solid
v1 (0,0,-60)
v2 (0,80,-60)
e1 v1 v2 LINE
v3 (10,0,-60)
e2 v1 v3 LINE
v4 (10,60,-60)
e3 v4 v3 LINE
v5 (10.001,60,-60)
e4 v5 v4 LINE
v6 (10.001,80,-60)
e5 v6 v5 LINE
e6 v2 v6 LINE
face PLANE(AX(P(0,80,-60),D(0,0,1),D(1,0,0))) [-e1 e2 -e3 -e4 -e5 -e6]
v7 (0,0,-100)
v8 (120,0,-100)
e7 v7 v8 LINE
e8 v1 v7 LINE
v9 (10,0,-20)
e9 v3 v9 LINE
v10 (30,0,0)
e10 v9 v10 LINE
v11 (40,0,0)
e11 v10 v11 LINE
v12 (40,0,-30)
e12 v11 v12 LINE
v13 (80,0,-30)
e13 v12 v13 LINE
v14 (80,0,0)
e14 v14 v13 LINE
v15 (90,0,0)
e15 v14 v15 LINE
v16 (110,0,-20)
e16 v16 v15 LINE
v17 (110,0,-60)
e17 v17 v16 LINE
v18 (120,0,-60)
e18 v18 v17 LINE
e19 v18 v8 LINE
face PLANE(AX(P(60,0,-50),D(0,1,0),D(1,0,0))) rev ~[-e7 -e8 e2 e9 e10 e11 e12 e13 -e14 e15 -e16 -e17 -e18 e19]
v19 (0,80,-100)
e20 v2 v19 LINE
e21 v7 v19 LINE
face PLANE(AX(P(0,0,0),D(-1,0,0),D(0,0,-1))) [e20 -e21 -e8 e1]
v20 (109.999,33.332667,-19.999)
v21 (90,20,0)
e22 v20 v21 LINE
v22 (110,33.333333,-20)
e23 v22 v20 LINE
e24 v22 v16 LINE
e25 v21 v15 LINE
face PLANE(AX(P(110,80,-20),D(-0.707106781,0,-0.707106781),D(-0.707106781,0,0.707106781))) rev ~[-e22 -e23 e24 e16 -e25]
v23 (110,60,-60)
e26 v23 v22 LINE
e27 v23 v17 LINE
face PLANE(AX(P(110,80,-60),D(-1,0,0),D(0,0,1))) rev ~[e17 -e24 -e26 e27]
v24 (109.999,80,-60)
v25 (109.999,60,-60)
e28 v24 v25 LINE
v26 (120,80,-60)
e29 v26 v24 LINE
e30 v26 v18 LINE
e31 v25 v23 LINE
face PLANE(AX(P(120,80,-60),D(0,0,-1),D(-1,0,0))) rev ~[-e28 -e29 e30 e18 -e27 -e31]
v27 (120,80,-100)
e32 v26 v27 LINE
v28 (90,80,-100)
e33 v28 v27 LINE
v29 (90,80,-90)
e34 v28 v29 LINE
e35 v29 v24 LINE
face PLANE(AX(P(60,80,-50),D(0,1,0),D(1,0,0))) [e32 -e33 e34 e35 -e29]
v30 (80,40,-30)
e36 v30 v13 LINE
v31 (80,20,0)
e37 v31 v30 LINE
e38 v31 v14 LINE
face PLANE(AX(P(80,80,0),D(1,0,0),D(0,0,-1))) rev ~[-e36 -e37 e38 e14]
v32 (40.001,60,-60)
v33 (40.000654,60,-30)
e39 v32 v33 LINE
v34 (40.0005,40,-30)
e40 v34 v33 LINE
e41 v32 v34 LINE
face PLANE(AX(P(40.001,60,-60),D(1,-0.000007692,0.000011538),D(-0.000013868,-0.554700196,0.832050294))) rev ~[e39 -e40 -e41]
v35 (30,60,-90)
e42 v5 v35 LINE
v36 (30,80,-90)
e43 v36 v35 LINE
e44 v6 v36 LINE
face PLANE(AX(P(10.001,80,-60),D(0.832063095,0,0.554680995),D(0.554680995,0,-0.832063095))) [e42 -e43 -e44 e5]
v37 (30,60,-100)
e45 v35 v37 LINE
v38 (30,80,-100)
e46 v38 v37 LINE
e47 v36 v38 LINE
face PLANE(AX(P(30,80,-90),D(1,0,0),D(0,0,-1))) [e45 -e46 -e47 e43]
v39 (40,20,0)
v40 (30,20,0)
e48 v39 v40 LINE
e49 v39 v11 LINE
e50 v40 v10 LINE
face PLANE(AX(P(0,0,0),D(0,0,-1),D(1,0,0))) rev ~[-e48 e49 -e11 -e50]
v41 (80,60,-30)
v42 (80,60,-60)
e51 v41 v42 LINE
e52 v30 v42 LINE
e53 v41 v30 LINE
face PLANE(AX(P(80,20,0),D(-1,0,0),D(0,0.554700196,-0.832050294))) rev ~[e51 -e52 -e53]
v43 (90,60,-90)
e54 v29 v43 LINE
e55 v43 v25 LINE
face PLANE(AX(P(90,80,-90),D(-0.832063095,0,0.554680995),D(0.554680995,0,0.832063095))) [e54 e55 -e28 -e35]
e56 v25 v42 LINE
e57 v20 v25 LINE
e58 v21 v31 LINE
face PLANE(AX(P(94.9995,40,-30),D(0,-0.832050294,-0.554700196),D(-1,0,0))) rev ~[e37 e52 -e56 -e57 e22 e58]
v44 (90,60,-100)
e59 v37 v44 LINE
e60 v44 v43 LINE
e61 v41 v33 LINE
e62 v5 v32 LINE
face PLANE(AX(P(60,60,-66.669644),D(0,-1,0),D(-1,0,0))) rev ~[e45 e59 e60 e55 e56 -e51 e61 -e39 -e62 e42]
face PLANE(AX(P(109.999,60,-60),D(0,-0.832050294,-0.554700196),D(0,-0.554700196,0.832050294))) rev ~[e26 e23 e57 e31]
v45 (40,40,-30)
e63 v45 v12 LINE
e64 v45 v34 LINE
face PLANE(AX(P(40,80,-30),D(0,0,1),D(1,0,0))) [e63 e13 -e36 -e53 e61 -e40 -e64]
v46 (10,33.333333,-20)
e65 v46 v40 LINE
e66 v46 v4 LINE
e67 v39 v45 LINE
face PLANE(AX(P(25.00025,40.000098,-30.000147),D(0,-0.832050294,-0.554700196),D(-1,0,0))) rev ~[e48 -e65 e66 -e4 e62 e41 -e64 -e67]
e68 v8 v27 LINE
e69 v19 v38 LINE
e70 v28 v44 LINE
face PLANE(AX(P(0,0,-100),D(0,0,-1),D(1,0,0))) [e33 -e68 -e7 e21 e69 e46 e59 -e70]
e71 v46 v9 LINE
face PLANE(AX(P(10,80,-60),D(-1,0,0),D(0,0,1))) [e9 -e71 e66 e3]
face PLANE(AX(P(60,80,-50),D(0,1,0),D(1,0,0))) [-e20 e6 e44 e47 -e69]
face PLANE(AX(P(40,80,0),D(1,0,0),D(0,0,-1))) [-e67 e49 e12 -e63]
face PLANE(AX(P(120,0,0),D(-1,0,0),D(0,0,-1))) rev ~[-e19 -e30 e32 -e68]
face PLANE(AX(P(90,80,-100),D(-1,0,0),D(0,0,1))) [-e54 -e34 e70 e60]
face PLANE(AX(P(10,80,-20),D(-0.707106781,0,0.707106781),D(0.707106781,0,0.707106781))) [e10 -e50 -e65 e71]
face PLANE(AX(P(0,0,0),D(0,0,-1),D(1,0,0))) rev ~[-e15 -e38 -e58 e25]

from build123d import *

# Parameters (mm, degrees)
SKETCH1_W           = 120
SKETCH1_H           = 100
BOSS_EXTRUDE1_DEPTH = 80
SKETCH2_W           = 40
SKETCH2_H           = 30
CUT_EXTRUDE1_DEPTH  = 80
CUT_EXTRUDE2_DEPTH  = 80
CUT_EXTRUDE6_DEPTH  = 20
SKETCH5_W           = 29.999
SKETCH5_H           = 20
CUT_EXTRUDE7_DEPTH  = 68
SKETCH6_W           = 40.001
SKETCH6_H           = 20
CUT_EXTRUDE8_DEPTH  = 68
SKETCH7_W           = 40.001
SKETCH7_H           = 20
CUT_EXTRUDE9_DEPTH  = 68
CUT_EXTRUDE10_DEPTH = 68
SKETCH13_W          = 29.999
SKETCH13_H          = 72.111025509
CUT_EXTRUDE11_DEPTH = 68
CUT_EXTRUDE12_DEPTH = 68


with BuildPart() as part:
    # Sketch1 → Boss-Extrude1 (new body)
    with BuildSketch(Plane(origin=(0, 0, 0), x_dir=(1, 0, 0), z_dir=(0, 1, 0))):
        with Locations((60, 50)):
            Rectangle(SKETCH1_W, SKETCH1_H)
    extrude(amount=BOSS_EXTRUDE1_DEPTH)

    # Sketch2 → Cut-Extrude1 (cut)
    with BuildSketch(Plane(origin=(0, 80, 0), x_dir=(1, 0, 0), z_dir=(0, 1, 0))):
        with Locations((60, 15)):
            Rectangle(SKETCH2_W, SKETCH2_H)
    extrude(amount=-CUT_EXTRUDE1_DEPTH, mode=Mode.SUBTRACT)

    # Sketch3 → Cut-Extrude2 (cut)
    with BuildSketch(Plane(origin=(0, 80, 0), x_dir=(1, 0, 0), z_dir=(0, 1, 0))):
        Polygon((0, 60), (10, 60), (10, 20), (30, 0), (0, 0), align=None)
        Polygon((120, 60), (110, 60), (110, 20), (90, 0), (120, 0), align=None)
    extrude(amount=-CUT_EXTRUDE2_DEPTH, mode=Mode.SUBTRACT)

    # Sketch4 → Cut-Extrude6 (cut)
    with BuildSketch(Plane(origin=(0, 80, 0), x_dir=(1, 0, 0), z_dir=(0, 1, 0))):
        Polygon((30, 100), (90, 100), (90, 90), (109.999, 60), (80, 60), (80, 30), (40, 30), (40, 60), (10.001, 60), (30, 90), align=None)
    extrude(amount=-CUT_EXTRUDE6_DEPTH, mode=Mode.SUBTRACT)

    # Sketch5 → Cut-Extrude7 (cut)
    with BuildSketch(Plane(origin=(0, 0, -60), x_dir=(-1, 0, 0), z_dir=(0, 0, -1))):
        with Locations((-94.9995, 70)):
            Rectangle(SKETCH5_W, SKETCH5_H)
        with Locations((-25.0005, 70)):
            Rectangle(SKETCH5_W, SKETCH5_H)
    extrude(amount=-CUT_EXTRUDE7_DEPTH, mode=Mode.SUBTRACT)

    # Sketch6 → Cut-Extrude8 (cut)
    with BuildSketch(Plane.ZY.offset(-109.999)):
        with Locations((-39.9995, 70)):
            Rectangle(SKETCH6_W, SKETCH6_H)
    extrude(amount=-CUT_EXTRUDE8_DEPTH, mode=Mode.SUBTRACT)

    # Sketch7 → Cut-Extrude9 (cut)
    with BuildSketch(Plane(origin=(10.001, 0, 0), x_dir=(0, 0, -1), z_dir=(1, 0, 0))):
        with Locations((39.9995, 70)):
            Rectangle(SKETCH7_W, SKETCH7_H)
    extrude(amount=-CUT_EXTRUDE9_DEPTH, mode=Mode.SUBTRACT)

    # Sketch10 → Cut-Extrude10 (cut)
    with BuildSketch(Plane(origin=(-5e-09, 13.846153834, 9.230769225), x_dir=(1, 0, 0), z_dir=(0, 0.832050294, 0.554700196))):
        Polygon((40.001000005, 83.205029422), (40.000000005, 11.094003927), (10.000000005, 11.094003927), (10.000000005, 83.205029436), align=None)
    extrude(amount=CUT_EXTRUDE10_DEPTH, mode=Mode.SUBTRACT)

    # Sketch13 → Cut-Extrude11 (cut)
    with BuildSketch(Plane(origin=(0, 13.846153846, 9.230769231), x_dir=(-1, 0, 0), z_dir=(0, -0.832050294, -0.554700196))):
        with Locations((-94.9995, 47.14951668)):
            Rectangle(SKETCH13_W, SKETCH13_H)
    extrude(amount=-CUT_EXTRUDE11_DEPTH, mode=Mode.SUBTRACT)

    # Sketch14 → Cut-Extrude12 (cut)
    with BuildSketch(Plane.ZY.offset(-109.999)):
        Polygon((-60, 60), (-19.999, 33.332666667), (-19.999, 60), align=None)
    extrude(amount=-CUT_EXTRUDE12_DEPTH, mode=Mode.SUBTRACT)


solid = part.part
